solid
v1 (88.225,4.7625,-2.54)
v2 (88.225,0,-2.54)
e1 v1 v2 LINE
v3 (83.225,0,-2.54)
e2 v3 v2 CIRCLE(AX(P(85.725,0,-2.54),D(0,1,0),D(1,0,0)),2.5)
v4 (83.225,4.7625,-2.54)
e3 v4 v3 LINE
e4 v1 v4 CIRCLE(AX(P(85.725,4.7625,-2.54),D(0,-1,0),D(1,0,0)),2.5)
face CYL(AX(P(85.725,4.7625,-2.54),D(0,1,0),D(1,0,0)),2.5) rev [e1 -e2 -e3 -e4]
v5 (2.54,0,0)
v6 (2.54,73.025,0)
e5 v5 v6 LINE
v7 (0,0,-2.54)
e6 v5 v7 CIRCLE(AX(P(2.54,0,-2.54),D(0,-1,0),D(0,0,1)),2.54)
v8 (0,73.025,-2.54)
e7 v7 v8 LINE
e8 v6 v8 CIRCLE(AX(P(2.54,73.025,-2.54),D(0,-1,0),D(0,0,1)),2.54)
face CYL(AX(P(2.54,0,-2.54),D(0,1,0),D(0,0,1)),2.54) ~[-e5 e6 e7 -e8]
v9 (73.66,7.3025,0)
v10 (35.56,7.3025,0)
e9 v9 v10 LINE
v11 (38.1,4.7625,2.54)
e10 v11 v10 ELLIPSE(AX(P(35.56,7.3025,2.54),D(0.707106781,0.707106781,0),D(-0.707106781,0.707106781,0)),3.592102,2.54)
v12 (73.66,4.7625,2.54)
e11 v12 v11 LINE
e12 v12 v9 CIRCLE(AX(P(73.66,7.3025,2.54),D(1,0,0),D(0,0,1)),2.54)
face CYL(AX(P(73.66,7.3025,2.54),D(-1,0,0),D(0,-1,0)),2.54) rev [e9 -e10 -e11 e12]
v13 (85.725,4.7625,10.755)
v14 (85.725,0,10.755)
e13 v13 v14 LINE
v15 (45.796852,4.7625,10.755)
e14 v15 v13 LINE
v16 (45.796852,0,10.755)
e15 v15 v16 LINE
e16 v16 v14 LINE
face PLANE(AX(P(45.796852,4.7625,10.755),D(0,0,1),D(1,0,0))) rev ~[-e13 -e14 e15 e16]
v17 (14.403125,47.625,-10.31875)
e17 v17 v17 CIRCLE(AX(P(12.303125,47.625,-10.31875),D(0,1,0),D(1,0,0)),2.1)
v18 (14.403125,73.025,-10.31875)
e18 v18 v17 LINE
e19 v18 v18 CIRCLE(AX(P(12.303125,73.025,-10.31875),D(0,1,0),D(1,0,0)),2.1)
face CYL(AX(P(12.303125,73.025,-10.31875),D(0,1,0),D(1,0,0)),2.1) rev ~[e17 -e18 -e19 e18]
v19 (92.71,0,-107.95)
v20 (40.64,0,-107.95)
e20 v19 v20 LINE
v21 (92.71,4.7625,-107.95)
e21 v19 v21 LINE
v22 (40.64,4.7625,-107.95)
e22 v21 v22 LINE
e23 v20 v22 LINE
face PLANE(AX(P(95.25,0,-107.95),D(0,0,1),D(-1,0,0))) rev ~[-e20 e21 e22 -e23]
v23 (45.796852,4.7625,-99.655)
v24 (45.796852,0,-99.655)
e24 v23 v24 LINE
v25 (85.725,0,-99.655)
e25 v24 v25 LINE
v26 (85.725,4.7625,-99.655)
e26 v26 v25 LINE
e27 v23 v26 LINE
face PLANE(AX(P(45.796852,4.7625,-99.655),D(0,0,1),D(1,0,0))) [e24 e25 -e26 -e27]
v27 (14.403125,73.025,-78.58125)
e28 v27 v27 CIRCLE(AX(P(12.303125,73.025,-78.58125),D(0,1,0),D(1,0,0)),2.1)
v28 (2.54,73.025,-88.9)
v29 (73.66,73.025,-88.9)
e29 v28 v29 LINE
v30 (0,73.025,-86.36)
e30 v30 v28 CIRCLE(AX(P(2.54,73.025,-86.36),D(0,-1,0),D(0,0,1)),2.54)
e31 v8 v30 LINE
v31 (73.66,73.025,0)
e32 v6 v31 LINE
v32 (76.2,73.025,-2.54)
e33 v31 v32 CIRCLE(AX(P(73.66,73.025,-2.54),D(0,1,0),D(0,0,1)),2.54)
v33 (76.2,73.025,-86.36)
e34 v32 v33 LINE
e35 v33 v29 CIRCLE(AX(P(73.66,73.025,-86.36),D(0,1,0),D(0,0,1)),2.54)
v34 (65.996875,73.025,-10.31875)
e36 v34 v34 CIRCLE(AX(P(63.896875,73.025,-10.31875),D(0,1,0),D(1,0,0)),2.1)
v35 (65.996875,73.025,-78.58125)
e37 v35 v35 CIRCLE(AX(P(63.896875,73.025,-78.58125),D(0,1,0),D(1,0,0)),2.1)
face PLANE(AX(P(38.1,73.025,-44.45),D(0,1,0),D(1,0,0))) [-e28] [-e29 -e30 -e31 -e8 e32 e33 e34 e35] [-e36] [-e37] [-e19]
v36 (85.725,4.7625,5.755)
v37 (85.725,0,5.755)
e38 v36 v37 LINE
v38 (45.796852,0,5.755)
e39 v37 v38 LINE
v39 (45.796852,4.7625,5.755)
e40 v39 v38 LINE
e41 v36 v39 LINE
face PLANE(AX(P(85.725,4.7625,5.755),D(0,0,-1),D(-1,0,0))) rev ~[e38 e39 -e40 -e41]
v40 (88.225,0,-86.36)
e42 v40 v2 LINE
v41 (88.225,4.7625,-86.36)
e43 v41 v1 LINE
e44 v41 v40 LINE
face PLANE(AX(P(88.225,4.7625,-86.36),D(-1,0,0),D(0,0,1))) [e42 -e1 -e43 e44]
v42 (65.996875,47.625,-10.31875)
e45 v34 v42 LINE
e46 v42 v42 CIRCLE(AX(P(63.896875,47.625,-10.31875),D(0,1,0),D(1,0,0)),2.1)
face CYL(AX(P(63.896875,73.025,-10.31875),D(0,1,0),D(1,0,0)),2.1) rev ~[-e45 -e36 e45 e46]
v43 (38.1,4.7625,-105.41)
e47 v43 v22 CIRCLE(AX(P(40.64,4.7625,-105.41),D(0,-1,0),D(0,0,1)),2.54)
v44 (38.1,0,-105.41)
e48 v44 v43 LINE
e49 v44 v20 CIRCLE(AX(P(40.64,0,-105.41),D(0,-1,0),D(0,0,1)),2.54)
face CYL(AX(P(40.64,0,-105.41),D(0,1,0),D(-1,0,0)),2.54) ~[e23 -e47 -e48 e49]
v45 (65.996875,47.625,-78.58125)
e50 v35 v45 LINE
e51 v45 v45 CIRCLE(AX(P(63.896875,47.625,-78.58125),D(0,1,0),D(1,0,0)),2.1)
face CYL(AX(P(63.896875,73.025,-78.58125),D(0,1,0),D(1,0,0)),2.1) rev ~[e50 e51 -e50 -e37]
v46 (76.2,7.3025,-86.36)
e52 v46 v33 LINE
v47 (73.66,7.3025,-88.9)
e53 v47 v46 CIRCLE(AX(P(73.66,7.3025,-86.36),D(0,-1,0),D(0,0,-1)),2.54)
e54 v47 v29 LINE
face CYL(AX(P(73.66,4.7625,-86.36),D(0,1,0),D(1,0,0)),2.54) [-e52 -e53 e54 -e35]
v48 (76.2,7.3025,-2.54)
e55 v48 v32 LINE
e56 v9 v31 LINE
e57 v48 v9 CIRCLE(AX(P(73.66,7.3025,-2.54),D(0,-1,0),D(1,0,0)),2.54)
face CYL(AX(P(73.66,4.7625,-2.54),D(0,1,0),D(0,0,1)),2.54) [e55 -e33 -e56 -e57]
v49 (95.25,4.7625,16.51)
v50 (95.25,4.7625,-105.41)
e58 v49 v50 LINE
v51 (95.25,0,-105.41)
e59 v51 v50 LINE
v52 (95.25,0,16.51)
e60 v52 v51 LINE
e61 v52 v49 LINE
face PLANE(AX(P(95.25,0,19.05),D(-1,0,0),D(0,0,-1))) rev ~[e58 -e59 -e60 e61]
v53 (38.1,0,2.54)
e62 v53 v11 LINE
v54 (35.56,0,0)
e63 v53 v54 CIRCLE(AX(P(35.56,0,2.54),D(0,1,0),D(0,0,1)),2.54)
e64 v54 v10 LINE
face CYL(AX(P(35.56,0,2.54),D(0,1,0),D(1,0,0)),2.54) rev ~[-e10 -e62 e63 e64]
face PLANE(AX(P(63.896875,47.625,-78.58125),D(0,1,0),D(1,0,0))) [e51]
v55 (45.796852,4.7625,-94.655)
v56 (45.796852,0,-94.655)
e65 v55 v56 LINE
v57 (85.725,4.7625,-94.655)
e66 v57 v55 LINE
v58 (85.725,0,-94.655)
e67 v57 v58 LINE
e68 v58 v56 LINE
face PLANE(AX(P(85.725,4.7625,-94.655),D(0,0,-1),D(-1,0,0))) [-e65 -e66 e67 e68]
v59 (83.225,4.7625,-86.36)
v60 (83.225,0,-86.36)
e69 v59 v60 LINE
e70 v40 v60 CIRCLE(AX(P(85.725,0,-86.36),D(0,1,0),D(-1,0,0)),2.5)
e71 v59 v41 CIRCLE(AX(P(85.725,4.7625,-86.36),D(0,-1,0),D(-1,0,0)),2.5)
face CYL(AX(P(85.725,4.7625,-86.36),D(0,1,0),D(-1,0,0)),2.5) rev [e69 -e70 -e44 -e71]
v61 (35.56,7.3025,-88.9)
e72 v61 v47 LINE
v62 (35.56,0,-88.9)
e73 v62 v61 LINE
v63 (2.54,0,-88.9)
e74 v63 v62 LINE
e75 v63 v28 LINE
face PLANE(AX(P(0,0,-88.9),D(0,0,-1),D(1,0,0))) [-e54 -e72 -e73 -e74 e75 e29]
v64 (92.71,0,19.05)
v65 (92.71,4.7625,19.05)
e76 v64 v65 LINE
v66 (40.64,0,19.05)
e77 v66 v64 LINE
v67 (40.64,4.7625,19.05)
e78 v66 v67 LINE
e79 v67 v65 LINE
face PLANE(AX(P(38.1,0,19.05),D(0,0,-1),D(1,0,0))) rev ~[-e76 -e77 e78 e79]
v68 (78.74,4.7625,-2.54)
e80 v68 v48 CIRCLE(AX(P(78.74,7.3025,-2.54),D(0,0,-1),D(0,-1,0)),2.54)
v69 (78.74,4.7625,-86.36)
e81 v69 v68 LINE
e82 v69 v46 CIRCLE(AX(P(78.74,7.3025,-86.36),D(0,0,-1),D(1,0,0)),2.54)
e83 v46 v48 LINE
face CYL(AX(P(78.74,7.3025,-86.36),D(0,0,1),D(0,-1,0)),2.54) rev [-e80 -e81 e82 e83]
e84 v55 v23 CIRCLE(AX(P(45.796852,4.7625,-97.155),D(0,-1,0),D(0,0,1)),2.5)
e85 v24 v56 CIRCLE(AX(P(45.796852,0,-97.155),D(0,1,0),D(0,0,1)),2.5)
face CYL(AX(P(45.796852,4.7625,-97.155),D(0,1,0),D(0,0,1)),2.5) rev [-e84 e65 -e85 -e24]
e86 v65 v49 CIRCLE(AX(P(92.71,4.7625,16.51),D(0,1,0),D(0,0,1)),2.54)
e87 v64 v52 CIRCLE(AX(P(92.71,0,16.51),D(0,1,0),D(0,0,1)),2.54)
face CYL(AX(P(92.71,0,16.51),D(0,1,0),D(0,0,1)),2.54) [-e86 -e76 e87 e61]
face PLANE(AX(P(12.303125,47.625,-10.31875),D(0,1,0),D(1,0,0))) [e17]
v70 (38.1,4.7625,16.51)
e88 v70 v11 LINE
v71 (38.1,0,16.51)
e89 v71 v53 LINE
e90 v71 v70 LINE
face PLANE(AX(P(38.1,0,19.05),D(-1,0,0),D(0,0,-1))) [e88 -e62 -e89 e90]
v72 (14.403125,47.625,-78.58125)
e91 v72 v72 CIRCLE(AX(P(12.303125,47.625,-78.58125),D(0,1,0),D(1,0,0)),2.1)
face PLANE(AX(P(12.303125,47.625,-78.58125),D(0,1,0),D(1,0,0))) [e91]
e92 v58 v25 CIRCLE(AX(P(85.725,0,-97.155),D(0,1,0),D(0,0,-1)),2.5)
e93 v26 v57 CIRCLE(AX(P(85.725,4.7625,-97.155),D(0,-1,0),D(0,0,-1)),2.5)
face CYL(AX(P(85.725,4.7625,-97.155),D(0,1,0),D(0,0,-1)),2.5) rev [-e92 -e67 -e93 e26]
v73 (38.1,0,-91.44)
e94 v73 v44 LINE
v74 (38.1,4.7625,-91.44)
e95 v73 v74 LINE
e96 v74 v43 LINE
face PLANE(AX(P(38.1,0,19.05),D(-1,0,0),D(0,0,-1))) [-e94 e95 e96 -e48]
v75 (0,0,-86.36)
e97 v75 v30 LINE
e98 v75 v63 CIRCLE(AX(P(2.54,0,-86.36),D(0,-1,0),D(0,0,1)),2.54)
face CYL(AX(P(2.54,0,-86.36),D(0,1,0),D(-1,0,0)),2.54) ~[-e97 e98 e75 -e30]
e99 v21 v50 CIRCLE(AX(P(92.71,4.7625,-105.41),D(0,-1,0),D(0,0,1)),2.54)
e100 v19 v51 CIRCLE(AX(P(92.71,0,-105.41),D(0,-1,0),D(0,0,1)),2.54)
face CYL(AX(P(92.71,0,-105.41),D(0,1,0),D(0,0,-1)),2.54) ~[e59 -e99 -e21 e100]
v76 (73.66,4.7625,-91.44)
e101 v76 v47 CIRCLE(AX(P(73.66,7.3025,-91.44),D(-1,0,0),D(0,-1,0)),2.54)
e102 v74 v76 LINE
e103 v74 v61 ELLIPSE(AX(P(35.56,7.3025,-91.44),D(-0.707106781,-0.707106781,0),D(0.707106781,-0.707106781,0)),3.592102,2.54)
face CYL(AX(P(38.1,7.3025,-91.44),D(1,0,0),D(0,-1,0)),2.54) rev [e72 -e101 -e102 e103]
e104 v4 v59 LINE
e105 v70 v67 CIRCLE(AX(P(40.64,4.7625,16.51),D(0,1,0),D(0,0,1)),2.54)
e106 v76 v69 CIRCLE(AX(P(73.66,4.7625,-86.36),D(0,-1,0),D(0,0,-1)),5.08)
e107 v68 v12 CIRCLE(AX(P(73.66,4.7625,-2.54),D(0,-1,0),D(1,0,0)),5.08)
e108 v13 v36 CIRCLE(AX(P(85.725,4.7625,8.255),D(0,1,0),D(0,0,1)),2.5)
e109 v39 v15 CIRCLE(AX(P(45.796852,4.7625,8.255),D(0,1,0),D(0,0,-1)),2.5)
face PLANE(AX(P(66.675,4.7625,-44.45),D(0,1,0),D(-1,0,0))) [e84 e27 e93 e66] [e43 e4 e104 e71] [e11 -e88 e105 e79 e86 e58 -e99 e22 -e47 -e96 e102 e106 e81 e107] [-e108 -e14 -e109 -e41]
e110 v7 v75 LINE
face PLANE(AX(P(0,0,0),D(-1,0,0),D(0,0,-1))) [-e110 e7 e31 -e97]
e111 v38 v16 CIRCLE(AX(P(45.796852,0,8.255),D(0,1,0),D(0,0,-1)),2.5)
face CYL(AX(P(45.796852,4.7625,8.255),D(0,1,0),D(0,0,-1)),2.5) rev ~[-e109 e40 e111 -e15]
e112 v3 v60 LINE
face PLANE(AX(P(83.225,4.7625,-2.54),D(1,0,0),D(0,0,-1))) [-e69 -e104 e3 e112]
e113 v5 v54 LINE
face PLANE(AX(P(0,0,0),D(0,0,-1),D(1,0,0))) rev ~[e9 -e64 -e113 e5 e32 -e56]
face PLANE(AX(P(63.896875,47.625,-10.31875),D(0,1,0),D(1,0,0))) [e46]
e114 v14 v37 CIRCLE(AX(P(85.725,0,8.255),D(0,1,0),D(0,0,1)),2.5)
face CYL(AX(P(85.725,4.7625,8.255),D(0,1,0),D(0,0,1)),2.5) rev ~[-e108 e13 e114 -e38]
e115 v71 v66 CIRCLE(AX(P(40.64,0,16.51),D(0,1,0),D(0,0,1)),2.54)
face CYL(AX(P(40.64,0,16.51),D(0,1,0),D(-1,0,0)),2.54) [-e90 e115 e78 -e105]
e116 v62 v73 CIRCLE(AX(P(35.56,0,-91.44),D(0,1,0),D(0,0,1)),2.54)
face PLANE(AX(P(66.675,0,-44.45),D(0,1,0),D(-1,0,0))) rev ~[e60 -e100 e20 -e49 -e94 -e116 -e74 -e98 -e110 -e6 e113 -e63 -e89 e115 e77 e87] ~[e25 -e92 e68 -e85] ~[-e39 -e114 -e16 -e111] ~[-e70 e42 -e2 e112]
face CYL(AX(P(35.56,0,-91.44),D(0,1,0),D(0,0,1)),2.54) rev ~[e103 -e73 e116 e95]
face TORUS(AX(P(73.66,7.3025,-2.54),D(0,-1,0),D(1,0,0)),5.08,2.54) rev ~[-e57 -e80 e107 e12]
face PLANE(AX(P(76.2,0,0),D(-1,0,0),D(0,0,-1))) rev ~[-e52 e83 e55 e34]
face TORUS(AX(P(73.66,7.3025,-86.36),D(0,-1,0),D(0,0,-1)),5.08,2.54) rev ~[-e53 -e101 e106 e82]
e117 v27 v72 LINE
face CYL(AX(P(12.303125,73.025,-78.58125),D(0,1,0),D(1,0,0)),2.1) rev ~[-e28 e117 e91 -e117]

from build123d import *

# Parameters (mm, degrees)
SKETCH1_W           = 76.2
SKETCH1_H           = 88.9
BOSS_EXTRUDE1_DEPTH = 73.025
BOSS_EXTRUDE2_DEPTH = 4.7625
FILLET1_R           = 2.54
CUT_EXTRUDE1_DEPTH  = 5.7625
FILLET2_R           = 2.54
SKETCH4_R           = 2.1
CUT_EXTRUDE2_DEPTH  = 25.4


with BuildPart() as part:
    # Sketch1 → Boss-Extrude1 (new body)
    with BuildSketch(Plane(origin=(0, 0, 0), x_dir=(1, 0, 0), z_dir=(0, 1, 0))):
        with Locations((38.1, 44.45)):
            Rectangle(SKETCH1_W, SKETCH1_H)
    extrude(amount=BOSS_EXTRUDE1_DEPTH)

    # Sketch2 → Boss-Extrude2 (add)
    with BuildSketch(Plane.XZ):
        Polygon((38.1, 0), (38.1, 19.05), (95.25, 19.05), (95.25, -107.95), (38.1, -107.95), (38.1, -88.9), align=None)
    extrude(amount=-BOSS_EXTRUDE2_DEPTH)

    # Fillet1
    fillet1_edges = [part.edges().sort_by_distance(p)[0] for p in [
        (38.1, 2.38125, -107.95),
        (38.1, 2.38125, 19.05),
        (95.25, 2.38125, 19.05),
        (95.25, 2.38125, -107.95),
        (0, 36.5125, -88.9),
        (76.2, 38.89375, -88.9),
        (76.2, 38.89375, 0),
        (0, 36.5125, 0),
    ]]
    fillet(fillet1_edges, radius=FILLET1_R)

    # Sketch3 → Cut-Extrude1 (cut, through all)
    with BuildSketch(Plane(origin=(0, 4.7625, 0), x_dir=(1, 0, 0), z_dir=(0, 1, 0))):
        with BuildLine():
            Line((45.796852287, 99.655), (85.725, 99.655))
            ThreePointArc((85.725, 99.655), (88.225, 97.155), (85.725, 94.655))
            Line((85.725, 94.655), (45.796852287, 94.655))
            ThreePointArc((45.796852287, 94.655), (43.296852287, 97.155), (45.796852287, 99.655))
        make_face()
        with BuildLine():
            Line((45.796852287, -10.755), (85.725, -10.755))
            ThreePointArc((85.725, -10.755), (88.225, -8.255), (85.725, -5.755))
            Line((85.725, -5.755), (45.796852287, -5.755))
            ThreePointArc((45.796852287, -5.755), (43.296852287, -8.255), (45.796852287, -10.755))
        make_face()
        with BuildLine():
            Line((88.225, 86.36), (88.225, 2.54))
            ThreePointArc((88.225, 2.54), (85.725, 0.04), (83.225, 2.54))
            Line((83.225, 2.54), (83.225, 86.36))
            ThreePointArc((83.225, 86.36), (85.725, 88.86), (88.225, 86.36))
        make_face()
    extrude(amount=-CUT_EXTRUDE1_DEPTH, mode=Mode.SUBTRACT)

    # Fillet2
    fillet2_edges = [part.edges().sort_by_distance(p)[0] for p in [
        (55.88, 4.7625, -88.9),
        (38.1, 2.38125, 0),
        (38.1, 2.38125, -88.9),
        (76.2, 4.7625, -44.45),
        (55.88, 4.7625, 0),
        (75.456051224, 4.7625, -88.156051224),
        (75.456051224, 4.7625, -0.743948776),
    ]]
    fillet(fillet2_edges, radius=FILLET2_R)

    # Sketch4 → Cut-Extrude2 (cut)
    with BuildSketch(Plane(origin=(0, 73.025, 0), x_dir=(1, 0, 0), z_dir=(0, 1, 0))):
        with Locations((12.303125, 78.58125)):
            Circle(SKETCH4_R)
        with Locations((12.303125, 10.31875)):
            Circle(SKETCH4_R)
        with Locations((63.896875, 10.31875)):
            Circle(SKETCH4_R)
        with Locations((63.896875, 78.58125)):
            Circle(SKETCH4_R)
    extrude(amount=-CUT_EXTRUDE2_DEPTH, mode=Mode.SUBTRACT)


solid = part.part
